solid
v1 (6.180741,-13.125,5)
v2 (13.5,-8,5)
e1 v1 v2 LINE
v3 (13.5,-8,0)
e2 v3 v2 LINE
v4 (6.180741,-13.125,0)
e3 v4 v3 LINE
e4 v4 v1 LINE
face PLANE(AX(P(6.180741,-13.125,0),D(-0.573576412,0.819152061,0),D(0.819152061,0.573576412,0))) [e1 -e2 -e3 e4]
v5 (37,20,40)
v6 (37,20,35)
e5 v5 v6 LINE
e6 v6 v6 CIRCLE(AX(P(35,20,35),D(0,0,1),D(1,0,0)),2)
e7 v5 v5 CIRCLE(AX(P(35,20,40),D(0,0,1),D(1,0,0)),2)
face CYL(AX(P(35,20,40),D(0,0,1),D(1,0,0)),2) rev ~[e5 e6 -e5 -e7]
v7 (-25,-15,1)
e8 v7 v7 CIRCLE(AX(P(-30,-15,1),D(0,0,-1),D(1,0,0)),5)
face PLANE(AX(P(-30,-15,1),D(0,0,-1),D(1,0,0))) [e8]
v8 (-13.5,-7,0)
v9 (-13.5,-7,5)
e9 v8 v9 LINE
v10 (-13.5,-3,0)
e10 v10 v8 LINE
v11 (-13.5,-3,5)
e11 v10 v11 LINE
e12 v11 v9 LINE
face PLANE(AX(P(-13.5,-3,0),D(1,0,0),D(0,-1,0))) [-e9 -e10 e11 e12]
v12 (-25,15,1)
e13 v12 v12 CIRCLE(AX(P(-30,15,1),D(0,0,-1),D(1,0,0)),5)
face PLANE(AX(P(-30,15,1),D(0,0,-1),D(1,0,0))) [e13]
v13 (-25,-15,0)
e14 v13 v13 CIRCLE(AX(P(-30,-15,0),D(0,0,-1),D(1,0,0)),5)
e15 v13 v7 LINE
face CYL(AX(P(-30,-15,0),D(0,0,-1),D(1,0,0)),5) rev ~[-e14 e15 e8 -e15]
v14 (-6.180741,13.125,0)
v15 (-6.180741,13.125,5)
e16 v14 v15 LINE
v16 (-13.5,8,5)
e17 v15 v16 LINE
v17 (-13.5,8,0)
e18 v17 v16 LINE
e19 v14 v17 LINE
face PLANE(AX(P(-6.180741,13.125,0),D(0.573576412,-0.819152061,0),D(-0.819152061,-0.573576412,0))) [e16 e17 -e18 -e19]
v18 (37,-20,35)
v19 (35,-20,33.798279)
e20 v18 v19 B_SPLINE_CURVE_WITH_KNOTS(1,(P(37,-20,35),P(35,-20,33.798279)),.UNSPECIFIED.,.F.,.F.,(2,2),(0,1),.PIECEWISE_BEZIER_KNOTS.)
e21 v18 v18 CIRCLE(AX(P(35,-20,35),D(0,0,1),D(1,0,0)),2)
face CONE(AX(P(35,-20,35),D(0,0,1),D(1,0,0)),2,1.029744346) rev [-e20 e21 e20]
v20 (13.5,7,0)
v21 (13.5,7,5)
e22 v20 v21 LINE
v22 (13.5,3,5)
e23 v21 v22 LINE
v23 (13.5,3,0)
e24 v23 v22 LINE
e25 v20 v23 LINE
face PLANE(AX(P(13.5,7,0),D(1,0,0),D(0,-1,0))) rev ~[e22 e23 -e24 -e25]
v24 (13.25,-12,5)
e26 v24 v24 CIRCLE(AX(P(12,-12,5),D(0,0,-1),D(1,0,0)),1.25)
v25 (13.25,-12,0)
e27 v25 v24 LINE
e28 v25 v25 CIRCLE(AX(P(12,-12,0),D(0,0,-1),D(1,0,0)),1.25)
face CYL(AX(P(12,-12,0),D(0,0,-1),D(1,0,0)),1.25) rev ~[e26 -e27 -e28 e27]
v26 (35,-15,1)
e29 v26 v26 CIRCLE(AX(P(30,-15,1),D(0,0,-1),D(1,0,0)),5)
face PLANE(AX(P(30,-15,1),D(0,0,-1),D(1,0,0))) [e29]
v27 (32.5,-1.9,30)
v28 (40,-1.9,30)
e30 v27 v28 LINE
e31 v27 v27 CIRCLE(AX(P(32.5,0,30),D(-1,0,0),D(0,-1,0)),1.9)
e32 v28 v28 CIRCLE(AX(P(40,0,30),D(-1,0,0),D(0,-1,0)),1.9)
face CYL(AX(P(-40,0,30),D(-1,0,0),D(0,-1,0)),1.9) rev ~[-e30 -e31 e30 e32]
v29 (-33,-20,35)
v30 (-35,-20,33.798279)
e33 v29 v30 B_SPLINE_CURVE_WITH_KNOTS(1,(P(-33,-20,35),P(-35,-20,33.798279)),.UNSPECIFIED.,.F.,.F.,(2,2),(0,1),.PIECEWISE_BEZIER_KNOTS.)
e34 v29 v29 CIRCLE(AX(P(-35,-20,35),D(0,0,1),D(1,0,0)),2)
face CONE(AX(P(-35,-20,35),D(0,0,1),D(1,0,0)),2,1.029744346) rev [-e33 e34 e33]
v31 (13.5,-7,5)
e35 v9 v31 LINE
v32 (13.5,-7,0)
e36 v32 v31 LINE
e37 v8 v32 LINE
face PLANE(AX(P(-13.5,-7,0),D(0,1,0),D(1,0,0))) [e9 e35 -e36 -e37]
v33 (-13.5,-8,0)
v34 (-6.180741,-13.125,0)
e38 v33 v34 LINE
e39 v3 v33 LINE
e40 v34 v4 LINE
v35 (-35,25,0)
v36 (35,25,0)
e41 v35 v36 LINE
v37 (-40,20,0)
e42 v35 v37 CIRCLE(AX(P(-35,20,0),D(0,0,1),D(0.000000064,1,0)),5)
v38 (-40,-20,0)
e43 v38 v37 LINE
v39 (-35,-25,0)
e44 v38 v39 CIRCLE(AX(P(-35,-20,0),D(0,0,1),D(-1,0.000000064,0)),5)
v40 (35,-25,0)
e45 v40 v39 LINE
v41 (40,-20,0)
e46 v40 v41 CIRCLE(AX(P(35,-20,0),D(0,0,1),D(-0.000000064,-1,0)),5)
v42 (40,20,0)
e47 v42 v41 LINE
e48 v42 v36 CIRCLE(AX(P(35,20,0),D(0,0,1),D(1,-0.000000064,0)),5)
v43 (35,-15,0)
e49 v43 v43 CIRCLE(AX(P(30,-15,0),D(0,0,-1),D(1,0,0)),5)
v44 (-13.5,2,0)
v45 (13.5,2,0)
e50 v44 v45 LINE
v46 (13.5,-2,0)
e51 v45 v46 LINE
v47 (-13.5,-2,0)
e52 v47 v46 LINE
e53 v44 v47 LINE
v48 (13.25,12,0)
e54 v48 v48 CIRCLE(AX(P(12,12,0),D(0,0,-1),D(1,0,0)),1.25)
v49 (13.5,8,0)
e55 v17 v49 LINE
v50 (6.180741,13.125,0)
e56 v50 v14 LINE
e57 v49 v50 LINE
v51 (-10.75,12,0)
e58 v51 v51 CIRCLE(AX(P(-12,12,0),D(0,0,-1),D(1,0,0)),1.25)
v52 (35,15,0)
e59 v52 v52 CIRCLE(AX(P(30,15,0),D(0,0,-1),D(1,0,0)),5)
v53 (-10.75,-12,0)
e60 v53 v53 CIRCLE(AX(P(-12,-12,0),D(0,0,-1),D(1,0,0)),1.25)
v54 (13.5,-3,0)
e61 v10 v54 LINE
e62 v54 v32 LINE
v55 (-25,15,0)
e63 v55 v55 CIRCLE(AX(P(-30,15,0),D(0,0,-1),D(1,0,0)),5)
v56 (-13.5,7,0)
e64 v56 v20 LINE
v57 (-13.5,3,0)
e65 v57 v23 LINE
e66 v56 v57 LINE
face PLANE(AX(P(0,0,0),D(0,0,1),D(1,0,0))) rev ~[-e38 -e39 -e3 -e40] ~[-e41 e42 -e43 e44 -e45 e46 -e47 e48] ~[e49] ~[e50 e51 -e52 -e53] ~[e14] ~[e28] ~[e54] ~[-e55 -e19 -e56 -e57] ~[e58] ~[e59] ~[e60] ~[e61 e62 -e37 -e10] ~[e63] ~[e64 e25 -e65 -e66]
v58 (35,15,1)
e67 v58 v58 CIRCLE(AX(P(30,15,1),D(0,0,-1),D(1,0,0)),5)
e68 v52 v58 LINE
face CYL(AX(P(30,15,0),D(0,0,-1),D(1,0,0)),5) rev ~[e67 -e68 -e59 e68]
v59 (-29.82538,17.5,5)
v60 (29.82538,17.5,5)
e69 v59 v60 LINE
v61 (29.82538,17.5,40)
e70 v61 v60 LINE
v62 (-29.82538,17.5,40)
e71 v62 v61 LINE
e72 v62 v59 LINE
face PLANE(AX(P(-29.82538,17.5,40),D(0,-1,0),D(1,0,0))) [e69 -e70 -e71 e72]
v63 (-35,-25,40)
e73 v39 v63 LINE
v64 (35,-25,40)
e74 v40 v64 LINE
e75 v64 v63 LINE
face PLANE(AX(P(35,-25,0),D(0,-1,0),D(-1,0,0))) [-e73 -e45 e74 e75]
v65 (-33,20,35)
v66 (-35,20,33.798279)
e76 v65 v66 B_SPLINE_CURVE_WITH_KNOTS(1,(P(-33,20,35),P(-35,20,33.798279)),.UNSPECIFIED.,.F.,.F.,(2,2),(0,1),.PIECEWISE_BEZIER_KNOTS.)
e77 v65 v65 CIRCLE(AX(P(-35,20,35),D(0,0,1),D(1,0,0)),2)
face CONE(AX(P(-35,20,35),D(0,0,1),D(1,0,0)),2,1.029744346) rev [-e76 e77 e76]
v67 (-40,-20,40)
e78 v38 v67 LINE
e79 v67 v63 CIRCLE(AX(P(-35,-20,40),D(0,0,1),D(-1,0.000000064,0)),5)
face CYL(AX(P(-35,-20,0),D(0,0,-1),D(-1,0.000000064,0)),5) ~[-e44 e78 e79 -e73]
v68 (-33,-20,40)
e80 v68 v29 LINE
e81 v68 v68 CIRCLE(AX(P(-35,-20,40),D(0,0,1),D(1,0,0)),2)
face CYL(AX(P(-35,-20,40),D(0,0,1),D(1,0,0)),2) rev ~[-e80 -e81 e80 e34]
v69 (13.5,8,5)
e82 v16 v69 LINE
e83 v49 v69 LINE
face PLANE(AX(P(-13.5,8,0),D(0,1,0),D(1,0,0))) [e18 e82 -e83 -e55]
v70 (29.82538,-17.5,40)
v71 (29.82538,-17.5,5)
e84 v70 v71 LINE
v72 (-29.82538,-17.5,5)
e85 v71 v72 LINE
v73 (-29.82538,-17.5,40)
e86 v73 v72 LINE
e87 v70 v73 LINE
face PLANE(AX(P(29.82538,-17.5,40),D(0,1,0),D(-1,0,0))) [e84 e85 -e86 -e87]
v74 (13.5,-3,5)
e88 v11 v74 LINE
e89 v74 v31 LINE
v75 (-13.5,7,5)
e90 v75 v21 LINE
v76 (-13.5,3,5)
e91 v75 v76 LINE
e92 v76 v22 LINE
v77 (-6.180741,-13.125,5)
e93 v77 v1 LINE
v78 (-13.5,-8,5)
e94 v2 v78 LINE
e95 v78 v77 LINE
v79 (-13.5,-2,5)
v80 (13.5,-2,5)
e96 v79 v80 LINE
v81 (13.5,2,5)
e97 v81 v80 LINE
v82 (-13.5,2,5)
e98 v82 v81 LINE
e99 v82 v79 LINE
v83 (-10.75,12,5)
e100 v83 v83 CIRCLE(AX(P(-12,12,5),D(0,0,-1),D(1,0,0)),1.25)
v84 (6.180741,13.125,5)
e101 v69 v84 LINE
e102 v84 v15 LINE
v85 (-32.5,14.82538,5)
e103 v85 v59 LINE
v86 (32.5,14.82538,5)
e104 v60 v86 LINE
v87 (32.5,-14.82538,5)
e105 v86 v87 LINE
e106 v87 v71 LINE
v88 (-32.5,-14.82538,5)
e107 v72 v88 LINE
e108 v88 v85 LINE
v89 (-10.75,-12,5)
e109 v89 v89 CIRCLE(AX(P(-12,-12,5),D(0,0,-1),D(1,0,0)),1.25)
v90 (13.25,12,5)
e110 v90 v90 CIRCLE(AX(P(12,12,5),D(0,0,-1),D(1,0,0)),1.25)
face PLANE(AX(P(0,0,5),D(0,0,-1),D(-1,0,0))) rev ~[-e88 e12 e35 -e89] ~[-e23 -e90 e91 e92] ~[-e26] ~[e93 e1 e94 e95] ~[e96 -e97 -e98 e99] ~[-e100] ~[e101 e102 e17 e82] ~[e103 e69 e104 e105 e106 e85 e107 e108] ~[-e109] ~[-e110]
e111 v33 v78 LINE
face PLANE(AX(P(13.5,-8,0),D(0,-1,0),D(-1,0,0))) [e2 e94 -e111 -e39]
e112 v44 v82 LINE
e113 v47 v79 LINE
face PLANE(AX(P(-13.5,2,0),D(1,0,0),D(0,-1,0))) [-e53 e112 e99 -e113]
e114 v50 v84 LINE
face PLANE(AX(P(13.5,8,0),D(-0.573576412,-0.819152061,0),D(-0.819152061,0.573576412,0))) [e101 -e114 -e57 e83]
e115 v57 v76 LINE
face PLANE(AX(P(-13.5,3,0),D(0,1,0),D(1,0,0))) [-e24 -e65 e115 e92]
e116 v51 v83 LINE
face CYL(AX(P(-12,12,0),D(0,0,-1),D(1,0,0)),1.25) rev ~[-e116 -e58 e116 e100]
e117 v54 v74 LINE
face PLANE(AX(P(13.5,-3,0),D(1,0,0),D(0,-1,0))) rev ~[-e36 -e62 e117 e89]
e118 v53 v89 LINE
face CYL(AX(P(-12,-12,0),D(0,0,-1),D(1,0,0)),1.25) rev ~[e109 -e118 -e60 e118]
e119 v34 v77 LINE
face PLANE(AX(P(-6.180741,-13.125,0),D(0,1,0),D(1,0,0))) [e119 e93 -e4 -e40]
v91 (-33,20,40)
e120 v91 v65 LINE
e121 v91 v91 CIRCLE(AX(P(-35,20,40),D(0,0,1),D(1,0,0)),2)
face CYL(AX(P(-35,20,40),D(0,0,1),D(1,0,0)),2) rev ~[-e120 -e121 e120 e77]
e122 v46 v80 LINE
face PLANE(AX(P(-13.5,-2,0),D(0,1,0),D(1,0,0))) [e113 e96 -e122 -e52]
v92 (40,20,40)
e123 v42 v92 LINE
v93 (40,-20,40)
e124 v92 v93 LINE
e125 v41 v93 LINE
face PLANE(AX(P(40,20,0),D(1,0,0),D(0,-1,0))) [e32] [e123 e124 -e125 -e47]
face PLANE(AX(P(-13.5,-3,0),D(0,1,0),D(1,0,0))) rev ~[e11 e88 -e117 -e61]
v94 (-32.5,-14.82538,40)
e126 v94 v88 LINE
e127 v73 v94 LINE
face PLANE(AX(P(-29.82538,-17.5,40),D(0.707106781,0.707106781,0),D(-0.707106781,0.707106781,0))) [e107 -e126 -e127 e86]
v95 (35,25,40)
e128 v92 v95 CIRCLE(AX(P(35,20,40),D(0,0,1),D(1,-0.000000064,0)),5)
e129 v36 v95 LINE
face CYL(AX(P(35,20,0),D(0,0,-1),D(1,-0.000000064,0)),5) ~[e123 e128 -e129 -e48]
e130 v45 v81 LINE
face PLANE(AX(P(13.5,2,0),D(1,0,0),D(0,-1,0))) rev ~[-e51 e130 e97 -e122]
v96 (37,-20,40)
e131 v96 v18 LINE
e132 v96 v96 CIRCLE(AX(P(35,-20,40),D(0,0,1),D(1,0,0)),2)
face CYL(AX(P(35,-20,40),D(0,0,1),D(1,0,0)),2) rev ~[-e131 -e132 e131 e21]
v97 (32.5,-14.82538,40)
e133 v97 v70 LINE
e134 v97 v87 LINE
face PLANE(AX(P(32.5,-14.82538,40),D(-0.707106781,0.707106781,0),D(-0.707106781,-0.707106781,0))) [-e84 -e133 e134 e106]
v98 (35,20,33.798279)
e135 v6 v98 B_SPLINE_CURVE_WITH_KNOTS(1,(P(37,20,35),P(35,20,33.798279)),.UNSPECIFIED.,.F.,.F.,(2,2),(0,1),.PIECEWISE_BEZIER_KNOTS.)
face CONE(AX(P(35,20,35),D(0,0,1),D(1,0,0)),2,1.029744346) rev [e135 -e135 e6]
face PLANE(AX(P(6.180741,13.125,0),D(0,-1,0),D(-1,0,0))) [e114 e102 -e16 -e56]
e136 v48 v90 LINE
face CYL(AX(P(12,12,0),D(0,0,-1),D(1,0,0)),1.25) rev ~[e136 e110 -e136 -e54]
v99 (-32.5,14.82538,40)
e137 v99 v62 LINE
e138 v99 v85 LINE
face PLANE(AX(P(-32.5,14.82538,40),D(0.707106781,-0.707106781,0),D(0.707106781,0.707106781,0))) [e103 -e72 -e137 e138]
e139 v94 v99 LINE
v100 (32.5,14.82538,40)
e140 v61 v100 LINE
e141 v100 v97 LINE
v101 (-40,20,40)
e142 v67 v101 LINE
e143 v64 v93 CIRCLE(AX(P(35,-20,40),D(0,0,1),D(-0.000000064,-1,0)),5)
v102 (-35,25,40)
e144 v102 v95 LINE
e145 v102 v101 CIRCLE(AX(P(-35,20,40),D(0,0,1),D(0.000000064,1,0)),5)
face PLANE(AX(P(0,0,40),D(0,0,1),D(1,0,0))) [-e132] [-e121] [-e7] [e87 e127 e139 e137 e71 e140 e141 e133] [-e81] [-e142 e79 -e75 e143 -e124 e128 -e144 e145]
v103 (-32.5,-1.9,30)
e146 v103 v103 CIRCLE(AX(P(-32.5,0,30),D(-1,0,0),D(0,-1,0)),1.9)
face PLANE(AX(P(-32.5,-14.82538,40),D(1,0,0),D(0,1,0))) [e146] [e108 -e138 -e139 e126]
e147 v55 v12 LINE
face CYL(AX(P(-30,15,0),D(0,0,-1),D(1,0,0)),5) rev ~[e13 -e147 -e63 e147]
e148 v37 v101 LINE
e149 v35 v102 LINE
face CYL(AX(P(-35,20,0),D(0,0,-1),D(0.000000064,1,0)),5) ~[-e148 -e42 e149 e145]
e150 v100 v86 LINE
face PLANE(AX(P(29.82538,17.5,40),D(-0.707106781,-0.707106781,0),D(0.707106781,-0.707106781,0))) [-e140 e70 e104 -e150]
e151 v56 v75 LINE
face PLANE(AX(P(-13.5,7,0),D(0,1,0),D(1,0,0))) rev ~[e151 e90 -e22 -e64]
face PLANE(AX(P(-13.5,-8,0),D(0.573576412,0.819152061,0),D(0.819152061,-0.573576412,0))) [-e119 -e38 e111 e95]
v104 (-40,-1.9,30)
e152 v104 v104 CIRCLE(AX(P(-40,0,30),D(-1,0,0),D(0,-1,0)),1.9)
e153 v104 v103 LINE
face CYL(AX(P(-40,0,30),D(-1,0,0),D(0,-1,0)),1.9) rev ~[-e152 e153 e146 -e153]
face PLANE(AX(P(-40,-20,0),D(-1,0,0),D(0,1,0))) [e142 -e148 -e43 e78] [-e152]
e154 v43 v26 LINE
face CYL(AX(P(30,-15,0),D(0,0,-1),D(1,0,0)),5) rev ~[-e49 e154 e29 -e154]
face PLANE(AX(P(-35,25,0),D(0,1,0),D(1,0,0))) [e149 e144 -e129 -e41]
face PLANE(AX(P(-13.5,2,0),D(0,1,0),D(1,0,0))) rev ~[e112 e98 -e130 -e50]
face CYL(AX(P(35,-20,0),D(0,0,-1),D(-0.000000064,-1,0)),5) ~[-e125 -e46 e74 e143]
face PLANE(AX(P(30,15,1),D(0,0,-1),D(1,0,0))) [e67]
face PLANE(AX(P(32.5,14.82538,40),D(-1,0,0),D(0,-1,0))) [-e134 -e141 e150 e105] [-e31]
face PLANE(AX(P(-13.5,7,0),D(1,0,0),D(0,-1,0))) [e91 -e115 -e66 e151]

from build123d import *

# Parameters (mm, degrees)
PAD_DEPTH       = 40
POCKET_DEPTH    = 35
SKETCH002_R     = 1.25
SKETCH002_W     = 27
SKETCH002_H     = 4
POCKET001_DEPTH = 10
SKETCH003_R     = 2
HOLE_DEPTH      = 5
HOLE_TIPS_R     = 2
SKETCH004_R     = 5
POCKET002_DEPTH = 1
SKETCH009_R     = 1.9
POCKET005_DEPTH = 100


with BuildPart() as part:
    # Sketch → Pad (new body)
    with BuildSketch(Plane.XY):
        with BuildLine():
            ThreePointArc((-35, 25), (-38.535534, 23.535534), (-40, 20))
            Line((-40, -20), (-40, 20))
            ThreePointArc((-40, -20), (-38.535534, -23.535534), (-35, -25))
            Line((35, -25), (-35, -25))
            ThreePointArc((35, -25), (38.535534, -23.535534), (40, -20))
            Line((40, 20), (40, -20))
            ThreePointArc((40, 20), (38.535534, 23.535534), (35, 25))
            Line((-35, 25), (35, 25))
        make_face()
    extrude(amount=PAD_DEPTH)

    # Sketch001 (on Face10 of Pad) → Pocket (cut)
    with BuildSketch(Plane.XY.offset(40)):
        Polygon((-32.5, 14.82538), (-29.82538, 17.5), (29.82538, 17.5), (32.5, 14.82538), (32.5, -14.82538), (29.82538, -17.5), (-29.82538, -17.5), (-32.5, -14.82538), align=None)
    extrude(amount=-POCKET_DEPTH, mode=Mode.SUBTRACT)

    # Sketch002 (on Face4 of Pocket) → Pocket001 (cut)
    with BuildSketch(Plane(origin=(0, 0, 0), x_dir=(1, 0, 0), z_dir=(0, 0, -1))):
        with Locations((-12, 12)):
            Circle(SKETCH002_R)
        with Locations((12, 12)):
            Circle(SKETCH002_R)
        with Locations((-12, -12)):
            Circle(SKETCH002_R)
        with Locations((12, -12)):
            Circle(SKETCH002_R)
        Rectangle(SKETCH002_W, SKETCH002_H)
        with Locations((0, 5)):
            Rectangle(SKETCH002_W, SKETCH002_H)
        with Locations((0, -5)):
            Rectangle(SKETCH002_W, SKETCH002_H)
        Polygon((-13.5, 8), (-6.180741, 13.125), (6.180741, 13.125), (13.5, 8), align=None)
        Polygon((-13.5, -8), (13.5, -8), (6.180741, -13.125), (-6.180741, -13.125), align=None)
    extrude(amount=-POCKET001_DEPTH, mode=Mode.SUBTRACT)

    # Sketch003 (on Face5 of Pocket001) → Hole (cut)
    with BuildSketch(Plane.XY.offset(40)):
        with Locations((-35, 20)):
            Circle(SKETCH003_R)
        with Locations((35, 20)):
            Circle(SKETCH003_R)
        with Locations((35, -20)):
            Circle(SKETCH003_R)
        with Locations((-35, -20)):
            Circle(SKETCH003_R)
    extrude(amount=-HOLE_DEPTH, mode=Mode.SUBTRACT)

    # Hole tips → Hole tip 1 section 0
    with BuildSketch(Plane.XY.offset(35), mode=Mode.PRIVATE) as hole_tip_1_s0:
        with Locations((-35, 20)):
            Circle(HOLE_TIPS_R)
    loft([hole_tip_1_s0.sketch, Vertex(-35, 20, 33.798279)], mode=Mode.SUBTRACT)

    # Hole tips → Hole tip 2 section 0
    with BuildSketch(Plane.XY.offset(35), mode=Mode.PRIVATE) as hole_tip_2_s0:
        with Locations((35, 20)):
            Circle(HOLE_TIPS_R)
    loft([hole_tip_2_s0.sketch, Vertex(35, 20, 33.798279)], mode=Mode.SUBTRACT)

    # Hole tips → Hole tip 3 section 0
    with BuildSketch(Plane.XY.offset(35), mode=Mode.PRIVATE) as hole_tip_3_s0:
        with Locations((35, -20)):
            Circle(HOLE_TIPS_R)
    loft([hole_tip_3_s0.sketch, Vertex(35, -20, 33.798279)], mode=Mode.SUBTRACT)

    # Hole tips → Hole tip 4 section 0
    with BuildSketch(Plane.XY.offset(35), mode=Mode.PRIVATE) as hole_tip_4_s0:
        with Locations((-35, -20)):
            Circle(HOLE_TIPS_R)
    loft([hole_tip_4_s0.sketch, Vertex(-35, -20, 33.798279)], mode=Mode.SUBTRACT)

    # Sketch004 (on Face4 of Hole) → Pocket002 (cut)
    with BuildSketch(Plane(origin=(0, 0, 0), x_dir=(1, 0, 0), z_dir=(0, 0, -1))):
        with Locations((-30, 15)):
            Circle(SKETCH004_R)
        with Locations((-30, -15)):
            Circle(SKETCH004_R)
        with Locations((30, 15)):
            Circle(SKETCH004_R)
        with Locations((30, -15)):
            Circle(SKETCH004_R)
    extrude(amount=-POCKET002_DEPTH, mode=Mode.SUBTRACT)

    # Sketch009 (on Face9 of Hole) → Pocket005 (cut)
    with BuildSketch(Plane(origin=(-40, 0, 0), x_dir=(0, -1, 0), z_dir=(-1, 0, 0))):
        with Locations((0, 30)):
            Circle(SKETCH009_R)
    extrude(amount=-POCKET005_DEPTH, mode=Mode.SUBTRACT)


solid = part.part
